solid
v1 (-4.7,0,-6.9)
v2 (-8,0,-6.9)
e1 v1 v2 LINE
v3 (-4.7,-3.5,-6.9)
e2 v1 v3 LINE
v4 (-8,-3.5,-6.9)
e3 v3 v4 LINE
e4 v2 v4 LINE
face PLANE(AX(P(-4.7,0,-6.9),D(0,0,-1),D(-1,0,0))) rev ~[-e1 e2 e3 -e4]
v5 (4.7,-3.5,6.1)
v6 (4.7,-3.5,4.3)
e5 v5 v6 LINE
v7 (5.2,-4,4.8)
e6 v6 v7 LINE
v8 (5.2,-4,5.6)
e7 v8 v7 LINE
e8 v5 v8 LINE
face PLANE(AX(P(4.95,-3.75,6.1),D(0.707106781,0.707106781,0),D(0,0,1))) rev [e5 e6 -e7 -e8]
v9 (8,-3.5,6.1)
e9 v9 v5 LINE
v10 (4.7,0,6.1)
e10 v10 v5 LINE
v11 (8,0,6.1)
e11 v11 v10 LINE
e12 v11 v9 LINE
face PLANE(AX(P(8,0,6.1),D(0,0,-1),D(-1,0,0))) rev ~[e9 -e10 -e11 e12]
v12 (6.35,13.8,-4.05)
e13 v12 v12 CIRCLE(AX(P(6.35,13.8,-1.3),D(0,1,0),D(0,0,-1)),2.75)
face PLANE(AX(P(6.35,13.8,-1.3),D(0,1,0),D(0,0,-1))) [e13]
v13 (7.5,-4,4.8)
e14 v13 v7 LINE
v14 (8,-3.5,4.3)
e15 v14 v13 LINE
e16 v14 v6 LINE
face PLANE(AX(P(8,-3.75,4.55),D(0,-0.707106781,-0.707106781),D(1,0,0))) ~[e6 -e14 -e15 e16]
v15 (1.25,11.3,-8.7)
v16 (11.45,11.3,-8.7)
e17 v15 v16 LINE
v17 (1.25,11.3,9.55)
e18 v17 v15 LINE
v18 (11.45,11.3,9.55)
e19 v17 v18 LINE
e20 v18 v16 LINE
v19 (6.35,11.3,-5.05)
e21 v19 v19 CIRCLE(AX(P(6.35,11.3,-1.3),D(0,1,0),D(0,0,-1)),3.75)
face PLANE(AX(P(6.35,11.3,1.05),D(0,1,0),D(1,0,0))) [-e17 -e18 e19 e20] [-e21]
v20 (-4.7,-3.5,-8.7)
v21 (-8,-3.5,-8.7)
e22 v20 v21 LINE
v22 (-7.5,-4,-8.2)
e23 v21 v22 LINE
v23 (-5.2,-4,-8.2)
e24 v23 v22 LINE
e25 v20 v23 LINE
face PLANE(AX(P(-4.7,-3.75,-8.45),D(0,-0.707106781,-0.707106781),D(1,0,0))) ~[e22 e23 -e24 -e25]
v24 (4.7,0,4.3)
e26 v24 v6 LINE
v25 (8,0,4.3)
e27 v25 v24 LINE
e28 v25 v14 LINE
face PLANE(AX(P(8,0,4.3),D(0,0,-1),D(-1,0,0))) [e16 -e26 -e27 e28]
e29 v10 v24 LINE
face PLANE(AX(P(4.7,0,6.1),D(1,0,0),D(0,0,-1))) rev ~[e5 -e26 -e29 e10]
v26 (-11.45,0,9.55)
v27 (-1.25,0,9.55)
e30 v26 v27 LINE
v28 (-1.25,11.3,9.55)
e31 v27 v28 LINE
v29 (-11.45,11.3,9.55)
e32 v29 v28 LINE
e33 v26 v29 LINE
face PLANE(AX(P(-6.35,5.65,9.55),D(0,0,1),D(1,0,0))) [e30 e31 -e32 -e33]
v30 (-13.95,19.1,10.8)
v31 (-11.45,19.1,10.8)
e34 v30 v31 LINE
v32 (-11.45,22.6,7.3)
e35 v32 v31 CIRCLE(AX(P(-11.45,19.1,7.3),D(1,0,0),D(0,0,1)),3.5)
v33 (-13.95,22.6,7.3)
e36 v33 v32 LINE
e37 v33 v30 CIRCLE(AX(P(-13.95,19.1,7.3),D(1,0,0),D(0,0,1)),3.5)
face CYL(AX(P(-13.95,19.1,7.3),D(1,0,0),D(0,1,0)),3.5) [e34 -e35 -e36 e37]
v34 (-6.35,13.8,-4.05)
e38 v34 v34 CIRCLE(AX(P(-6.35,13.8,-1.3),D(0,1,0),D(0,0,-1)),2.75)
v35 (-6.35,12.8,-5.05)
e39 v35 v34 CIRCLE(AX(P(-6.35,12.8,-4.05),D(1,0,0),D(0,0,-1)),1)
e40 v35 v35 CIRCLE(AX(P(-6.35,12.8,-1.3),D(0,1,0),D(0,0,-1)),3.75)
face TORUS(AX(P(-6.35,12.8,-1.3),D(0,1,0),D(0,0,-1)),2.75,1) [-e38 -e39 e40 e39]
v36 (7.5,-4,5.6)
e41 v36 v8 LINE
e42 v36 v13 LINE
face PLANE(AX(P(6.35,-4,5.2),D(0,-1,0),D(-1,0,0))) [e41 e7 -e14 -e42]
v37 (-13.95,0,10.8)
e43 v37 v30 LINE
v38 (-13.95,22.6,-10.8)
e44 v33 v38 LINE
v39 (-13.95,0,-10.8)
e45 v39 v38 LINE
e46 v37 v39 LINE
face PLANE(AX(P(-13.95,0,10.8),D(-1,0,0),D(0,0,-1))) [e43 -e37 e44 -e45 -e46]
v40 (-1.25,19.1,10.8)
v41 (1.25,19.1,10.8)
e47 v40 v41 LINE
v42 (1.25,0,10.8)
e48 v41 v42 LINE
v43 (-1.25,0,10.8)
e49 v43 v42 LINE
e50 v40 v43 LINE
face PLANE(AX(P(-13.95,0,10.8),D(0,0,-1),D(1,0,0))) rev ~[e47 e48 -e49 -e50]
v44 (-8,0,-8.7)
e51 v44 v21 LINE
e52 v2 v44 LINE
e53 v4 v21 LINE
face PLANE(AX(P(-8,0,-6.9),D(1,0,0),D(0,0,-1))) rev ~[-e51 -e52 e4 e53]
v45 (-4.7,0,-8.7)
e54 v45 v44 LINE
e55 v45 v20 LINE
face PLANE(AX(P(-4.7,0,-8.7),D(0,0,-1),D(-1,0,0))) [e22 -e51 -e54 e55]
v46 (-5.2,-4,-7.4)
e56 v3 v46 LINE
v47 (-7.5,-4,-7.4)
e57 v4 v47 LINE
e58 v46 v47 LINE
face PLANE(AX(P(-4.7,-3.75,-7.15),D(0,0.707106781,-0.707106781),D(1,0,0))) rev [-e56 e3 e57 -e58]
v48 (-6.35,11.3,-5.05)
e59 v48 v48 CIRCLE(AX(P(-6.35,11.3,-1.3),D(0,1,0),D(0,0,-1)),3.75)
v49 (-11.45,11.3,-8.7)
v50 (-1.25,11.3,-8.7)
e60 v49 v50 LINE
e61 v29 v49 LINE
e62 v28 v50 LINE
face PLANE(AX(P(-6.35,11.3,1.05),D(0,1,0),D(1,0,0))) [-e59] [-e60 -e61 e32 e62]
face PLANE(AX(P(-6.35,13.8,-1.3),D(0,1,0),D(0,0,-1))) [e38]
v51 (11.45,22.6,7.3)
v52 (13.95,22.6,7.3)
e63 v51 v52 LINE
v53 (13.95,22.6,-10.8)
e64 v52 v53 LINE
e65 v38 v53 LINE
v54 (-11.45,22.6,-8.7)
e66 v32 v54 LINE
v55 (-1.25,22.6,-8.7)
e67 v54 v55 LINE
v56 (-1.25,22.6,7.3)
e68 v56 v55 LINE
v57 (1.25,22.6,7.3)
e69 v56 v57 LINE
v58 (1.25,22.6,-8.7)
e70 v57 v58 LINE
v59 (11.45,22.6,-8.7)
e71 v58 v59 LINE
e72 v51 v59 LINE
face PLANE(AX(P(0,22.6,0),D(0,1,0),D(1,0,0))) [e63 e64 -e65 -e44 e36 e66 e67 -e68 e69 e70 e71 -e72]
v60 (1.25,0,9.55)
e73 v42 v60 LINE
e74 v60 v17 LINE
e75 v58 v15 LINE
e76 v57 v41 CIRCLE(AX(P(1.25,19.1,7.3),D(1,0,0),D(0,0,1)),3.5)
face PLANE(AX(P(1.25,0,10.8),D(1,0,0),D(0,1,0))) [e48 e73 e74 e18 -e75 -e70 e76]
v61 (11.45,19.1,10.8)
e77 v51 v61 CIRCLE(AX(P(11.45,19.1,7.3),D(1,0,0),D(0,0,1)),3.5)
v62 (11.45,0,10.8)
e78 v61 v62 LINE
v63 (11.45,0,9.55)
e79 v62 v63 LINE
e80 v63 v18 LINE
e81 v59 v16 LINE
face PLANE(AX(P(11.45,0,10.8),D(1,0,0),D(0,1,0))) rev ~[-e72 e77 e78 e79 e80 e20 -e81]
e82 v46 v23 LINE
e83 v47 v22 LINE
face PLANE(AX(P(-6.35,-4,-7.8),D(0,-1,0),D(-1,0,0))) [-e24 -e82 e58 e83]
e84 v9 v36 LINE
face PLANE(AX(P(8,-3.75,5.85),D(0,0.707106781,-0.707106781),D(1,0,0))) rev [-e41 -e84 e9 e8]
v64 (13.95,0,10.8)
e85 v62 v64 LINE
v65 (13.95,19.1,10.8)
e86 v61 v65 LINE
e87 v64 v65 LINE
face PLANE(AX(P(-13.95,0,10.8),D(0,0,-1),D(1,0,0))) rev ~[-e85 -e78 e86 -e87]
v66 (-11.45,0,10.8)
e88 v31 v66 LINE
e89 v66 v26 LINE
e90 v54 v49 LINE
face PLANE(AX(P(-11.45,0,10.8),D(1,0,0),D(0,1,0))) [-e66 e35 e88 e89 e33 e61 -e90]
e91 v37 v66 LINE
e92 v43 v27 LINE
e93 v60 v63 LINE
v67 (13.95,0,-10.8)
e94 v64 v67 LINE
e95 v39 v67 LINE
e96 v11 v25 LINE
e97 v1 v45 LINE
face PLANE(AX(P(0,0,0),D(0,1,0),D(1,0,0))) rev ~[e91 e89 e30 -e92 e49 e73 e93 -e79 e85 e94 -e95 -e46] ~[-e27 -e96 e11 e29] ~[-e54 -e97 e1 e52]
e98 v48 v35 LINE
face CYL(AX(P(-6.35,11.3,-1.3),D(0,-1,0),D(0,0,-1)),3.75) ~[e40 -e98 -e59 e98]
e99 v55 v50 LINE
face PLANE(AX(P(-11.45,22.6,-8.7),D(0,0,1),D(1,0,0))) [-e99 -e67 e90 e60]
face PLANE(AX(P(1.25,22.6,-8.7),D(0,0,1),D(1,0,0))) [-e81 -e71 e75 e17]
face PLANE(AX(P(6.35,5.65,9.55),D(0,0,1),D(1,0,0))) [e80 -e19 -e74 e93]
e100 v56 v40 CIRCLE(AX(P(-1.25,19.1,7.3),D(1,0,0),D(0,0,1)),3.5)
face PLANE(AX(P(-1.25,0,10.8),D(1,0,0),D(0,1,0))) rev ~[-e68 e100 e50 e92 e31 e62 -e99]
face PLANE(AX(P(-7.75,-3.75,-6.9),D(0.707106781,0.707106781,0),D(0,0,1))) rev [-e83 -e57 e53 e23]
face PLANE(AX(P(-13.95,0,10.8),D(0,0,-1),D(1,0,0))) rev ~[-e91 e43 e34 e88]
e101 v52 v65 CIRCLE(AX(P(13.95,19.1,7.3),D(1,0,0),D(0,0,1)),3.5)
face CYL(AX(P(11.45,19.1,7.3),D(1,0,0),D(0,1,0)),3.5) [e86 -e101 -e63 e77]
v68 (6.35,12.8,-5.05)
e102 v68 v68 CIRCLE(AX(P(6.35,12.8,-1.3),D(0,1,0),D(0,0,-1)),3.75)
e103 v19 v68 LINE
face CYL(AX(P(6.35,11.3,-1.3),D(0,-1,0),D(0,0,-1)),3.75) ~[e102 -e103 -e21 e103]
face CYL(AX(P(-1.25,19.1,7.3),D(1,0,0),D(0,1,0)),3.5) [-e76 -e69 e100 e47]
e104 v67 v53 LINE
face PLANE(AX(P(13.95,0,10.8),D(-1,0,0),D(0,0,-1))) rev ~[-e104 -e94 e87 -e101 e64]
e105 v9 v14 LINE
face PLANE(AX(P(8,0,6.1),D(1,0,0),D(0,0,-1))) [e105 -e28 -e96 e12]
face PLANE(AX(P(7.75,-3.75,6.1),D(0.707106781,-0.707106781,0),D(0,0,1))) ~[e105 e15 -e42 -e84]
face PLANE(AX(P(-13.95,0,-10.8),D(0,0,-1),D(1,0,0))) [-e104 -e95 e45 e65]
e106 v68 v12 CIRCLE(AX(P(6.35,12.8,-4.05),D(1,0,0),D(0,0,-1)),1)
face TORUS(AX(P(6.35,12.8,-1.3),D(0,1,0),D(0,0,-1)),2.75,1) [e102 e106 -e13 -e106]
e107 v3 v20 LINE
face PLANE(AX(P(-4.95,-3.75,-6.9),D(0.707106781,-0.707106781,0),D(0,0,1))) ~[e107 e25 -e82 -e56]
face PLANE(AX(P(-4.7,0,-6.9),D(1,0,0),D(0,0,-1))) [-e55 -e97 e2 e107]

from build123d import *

# Parameters (mm, degrees)
SKETCH1_W              = 27.9
SKETCH1_H              = 21.6
BOSS_EXTRUDE1_DEPTH    = 22.6
SKETCH2_W              = 10.2
SKETCH2_H              = 19.5
CUT_EXTRUDE1_DEPTH     = 11.3
LPATTERN1_COUNT        = 2
LPATTERN1_PITCH        = 12.7
SKETCH4_W              = 3.3
SKETCH4_H              = 1.8
BOSS_EXTRUDE2_DEPTH    = 4
CHAMFER1_SIZE          = 0.5
SKETCH6_W              = 10.2
SKETCH6_H              = 11.3
CUT_EXTRUDE3_DEPTH     = 1.25
LPATTERN2_COUNT        = 2
LPATTERN2_PITCH        = 12.7
SKETCH7_R              = 3.75
BOSS_EXTRUDE3_DEPTH    = 2.5
FILLET1_R              = 1
LPATTERN3_COUNT        = 2
LPATTERN3_PITCH        = 12.7
FILLET1_OF_LPATTERN3_R = 1
FILLET2_R              = 3.5


with BuildPart() as part:
    # Sketch1 → Boss-Extrude1 (new body)
    with BuildSketch(Plane(origin=(0, 0, 0), x_dir=(1, 0, 0), z_dir=(0, 1, 0))):
        Rectangle(SKETCH1_W, SKETCH1_H)
    extrude(amount=BOSS_EXTRUDE1_DEPTH)

    # Sketch2 → Cut-Extrude1 (cut)
    with BuildSketch(Plane(origin=(0, 22.6, 0), x_dir=(1, 0, 0), z_dir=(0, 1, 0))):
        with Locations((-6.35, -1.05)):
            Rectangle(SKETCH2_W, SKETCH2_H)
    cut_extrude1 = extrude(amount=-CUT_EXTRUDE1_DEPTH, mode=Mode.SUBTRACT)

    # LPattern1: Cut-Extrude1 ×2
    with Locations(*[(i * LPATTERN1_PITCH, 0, 0) for i in range(1, LPATTERN1_COUNT)]):
        add(cut_extrude1, mode=Mode.SUBTRACT)

    # Sketch4 → Boss-Extrude2 (add)
    with BuildSketch(Plane(origin=(0, 0, 0), x_dir=(-1, 0, 0), z_dir=(0, -1, 0))):
        with Locations((-6.35, -5.2)):
            Rectangle(SKETCH4_W, SKETCH4_H)
        with Locations((6.35, 7.8)):
            Rectangle(SKETCH4_W, SKETCH4_H)
    extrude(amount=BOSS_EXTRUDE2_DEPTH)

    # Chamfer1
    chamfer1_edges = [part.edges().sort_by_distance(p)[0] for p in [
        (4.7, -4, 5.2),
        (6.35, -4, 4.3),
        (8, -4, 5.2),
        (6.35, -4, 6.1),
        (-8, -4, -7.8),
        (-6.35, -4, -8.7),
        (-4.7, -4, -7.8),
        (-6.35, -4, -6.9),
    ]]
    chamfer(chamfer1_edges, length=CHAMFER1_SIZE)

    # Sketch6 → Cut-Extrude3 (cut)
    with BuildSketch(Plane.XY.offset(10.8)):
        with Locations((-6.35, 5.65)):
            Rectangle(SKETCH6_W, SKETCH6_H)
    cut_extrude3 = extrude(amount=-CUT_EXTRUDE3_DEPTH, mode=Mode.SUBTRACT)

    # LPattern2: Cut-Extrude3 ×2
    with Locations(*[(i * LPATTERN2_PITCH, 0, 0) for i in range(1, LPATTERN2_COUNT)]):
        add(cut_extrude3, mode=Mode.SUBTRACT)

    # Sketch7 → Boss-Extrude3 (add)
    with BuildSketch(Plane(origin=(0, 11.3, 0), x_dir=(1, 0, 0), z_dir=(0, 1, 0))):
        with Locations(Location((-6.35, 1.3, 0), (0, 0, 90))):
            Circle(SKETCH7_R)
    boss_extrude3 = extrude(amount=BOSS_EXTRUDE3_DEPTH)

    # Fillet1
    fillet1_edges = [part.edges().sort_by_distance(p)[0] for p in [
        (-6.35, 13.8, 2.45),
    ]]
    fillet(fillet1_edges, radius=FILLET1_R)

    # LPattern3: Boss-Extrude3 ×2
    with Locations(*[(i * LPATTERN3_PITCH, 0, 0) for i in range(1, LPATTERN3_COUNT)]):
        add(boss_extrude3)

    # Fillet1 of LPattern3
    fillet1_of_lpattern3_edges = [part.edges().sort_by_distance(p)[0] for p in [
        (6.35, 13.8, 2.45),
    ]]
    fillet(fillet1_of_lpattern3_edges, radius=FILLET1_OF_LPATTERN3_R)

    # Fillet2
    fillet2_edges = [part.edges().sort_by_distance(p)[0] for p in [
        (-12.7, 22.6, 10.8),
        (0, 22.6, 10.8),
        (12.7, 22.6, 10.8),
    ]]
    fillet(fillet2_edges, radius=FILLET2_R)


solid = part.part
